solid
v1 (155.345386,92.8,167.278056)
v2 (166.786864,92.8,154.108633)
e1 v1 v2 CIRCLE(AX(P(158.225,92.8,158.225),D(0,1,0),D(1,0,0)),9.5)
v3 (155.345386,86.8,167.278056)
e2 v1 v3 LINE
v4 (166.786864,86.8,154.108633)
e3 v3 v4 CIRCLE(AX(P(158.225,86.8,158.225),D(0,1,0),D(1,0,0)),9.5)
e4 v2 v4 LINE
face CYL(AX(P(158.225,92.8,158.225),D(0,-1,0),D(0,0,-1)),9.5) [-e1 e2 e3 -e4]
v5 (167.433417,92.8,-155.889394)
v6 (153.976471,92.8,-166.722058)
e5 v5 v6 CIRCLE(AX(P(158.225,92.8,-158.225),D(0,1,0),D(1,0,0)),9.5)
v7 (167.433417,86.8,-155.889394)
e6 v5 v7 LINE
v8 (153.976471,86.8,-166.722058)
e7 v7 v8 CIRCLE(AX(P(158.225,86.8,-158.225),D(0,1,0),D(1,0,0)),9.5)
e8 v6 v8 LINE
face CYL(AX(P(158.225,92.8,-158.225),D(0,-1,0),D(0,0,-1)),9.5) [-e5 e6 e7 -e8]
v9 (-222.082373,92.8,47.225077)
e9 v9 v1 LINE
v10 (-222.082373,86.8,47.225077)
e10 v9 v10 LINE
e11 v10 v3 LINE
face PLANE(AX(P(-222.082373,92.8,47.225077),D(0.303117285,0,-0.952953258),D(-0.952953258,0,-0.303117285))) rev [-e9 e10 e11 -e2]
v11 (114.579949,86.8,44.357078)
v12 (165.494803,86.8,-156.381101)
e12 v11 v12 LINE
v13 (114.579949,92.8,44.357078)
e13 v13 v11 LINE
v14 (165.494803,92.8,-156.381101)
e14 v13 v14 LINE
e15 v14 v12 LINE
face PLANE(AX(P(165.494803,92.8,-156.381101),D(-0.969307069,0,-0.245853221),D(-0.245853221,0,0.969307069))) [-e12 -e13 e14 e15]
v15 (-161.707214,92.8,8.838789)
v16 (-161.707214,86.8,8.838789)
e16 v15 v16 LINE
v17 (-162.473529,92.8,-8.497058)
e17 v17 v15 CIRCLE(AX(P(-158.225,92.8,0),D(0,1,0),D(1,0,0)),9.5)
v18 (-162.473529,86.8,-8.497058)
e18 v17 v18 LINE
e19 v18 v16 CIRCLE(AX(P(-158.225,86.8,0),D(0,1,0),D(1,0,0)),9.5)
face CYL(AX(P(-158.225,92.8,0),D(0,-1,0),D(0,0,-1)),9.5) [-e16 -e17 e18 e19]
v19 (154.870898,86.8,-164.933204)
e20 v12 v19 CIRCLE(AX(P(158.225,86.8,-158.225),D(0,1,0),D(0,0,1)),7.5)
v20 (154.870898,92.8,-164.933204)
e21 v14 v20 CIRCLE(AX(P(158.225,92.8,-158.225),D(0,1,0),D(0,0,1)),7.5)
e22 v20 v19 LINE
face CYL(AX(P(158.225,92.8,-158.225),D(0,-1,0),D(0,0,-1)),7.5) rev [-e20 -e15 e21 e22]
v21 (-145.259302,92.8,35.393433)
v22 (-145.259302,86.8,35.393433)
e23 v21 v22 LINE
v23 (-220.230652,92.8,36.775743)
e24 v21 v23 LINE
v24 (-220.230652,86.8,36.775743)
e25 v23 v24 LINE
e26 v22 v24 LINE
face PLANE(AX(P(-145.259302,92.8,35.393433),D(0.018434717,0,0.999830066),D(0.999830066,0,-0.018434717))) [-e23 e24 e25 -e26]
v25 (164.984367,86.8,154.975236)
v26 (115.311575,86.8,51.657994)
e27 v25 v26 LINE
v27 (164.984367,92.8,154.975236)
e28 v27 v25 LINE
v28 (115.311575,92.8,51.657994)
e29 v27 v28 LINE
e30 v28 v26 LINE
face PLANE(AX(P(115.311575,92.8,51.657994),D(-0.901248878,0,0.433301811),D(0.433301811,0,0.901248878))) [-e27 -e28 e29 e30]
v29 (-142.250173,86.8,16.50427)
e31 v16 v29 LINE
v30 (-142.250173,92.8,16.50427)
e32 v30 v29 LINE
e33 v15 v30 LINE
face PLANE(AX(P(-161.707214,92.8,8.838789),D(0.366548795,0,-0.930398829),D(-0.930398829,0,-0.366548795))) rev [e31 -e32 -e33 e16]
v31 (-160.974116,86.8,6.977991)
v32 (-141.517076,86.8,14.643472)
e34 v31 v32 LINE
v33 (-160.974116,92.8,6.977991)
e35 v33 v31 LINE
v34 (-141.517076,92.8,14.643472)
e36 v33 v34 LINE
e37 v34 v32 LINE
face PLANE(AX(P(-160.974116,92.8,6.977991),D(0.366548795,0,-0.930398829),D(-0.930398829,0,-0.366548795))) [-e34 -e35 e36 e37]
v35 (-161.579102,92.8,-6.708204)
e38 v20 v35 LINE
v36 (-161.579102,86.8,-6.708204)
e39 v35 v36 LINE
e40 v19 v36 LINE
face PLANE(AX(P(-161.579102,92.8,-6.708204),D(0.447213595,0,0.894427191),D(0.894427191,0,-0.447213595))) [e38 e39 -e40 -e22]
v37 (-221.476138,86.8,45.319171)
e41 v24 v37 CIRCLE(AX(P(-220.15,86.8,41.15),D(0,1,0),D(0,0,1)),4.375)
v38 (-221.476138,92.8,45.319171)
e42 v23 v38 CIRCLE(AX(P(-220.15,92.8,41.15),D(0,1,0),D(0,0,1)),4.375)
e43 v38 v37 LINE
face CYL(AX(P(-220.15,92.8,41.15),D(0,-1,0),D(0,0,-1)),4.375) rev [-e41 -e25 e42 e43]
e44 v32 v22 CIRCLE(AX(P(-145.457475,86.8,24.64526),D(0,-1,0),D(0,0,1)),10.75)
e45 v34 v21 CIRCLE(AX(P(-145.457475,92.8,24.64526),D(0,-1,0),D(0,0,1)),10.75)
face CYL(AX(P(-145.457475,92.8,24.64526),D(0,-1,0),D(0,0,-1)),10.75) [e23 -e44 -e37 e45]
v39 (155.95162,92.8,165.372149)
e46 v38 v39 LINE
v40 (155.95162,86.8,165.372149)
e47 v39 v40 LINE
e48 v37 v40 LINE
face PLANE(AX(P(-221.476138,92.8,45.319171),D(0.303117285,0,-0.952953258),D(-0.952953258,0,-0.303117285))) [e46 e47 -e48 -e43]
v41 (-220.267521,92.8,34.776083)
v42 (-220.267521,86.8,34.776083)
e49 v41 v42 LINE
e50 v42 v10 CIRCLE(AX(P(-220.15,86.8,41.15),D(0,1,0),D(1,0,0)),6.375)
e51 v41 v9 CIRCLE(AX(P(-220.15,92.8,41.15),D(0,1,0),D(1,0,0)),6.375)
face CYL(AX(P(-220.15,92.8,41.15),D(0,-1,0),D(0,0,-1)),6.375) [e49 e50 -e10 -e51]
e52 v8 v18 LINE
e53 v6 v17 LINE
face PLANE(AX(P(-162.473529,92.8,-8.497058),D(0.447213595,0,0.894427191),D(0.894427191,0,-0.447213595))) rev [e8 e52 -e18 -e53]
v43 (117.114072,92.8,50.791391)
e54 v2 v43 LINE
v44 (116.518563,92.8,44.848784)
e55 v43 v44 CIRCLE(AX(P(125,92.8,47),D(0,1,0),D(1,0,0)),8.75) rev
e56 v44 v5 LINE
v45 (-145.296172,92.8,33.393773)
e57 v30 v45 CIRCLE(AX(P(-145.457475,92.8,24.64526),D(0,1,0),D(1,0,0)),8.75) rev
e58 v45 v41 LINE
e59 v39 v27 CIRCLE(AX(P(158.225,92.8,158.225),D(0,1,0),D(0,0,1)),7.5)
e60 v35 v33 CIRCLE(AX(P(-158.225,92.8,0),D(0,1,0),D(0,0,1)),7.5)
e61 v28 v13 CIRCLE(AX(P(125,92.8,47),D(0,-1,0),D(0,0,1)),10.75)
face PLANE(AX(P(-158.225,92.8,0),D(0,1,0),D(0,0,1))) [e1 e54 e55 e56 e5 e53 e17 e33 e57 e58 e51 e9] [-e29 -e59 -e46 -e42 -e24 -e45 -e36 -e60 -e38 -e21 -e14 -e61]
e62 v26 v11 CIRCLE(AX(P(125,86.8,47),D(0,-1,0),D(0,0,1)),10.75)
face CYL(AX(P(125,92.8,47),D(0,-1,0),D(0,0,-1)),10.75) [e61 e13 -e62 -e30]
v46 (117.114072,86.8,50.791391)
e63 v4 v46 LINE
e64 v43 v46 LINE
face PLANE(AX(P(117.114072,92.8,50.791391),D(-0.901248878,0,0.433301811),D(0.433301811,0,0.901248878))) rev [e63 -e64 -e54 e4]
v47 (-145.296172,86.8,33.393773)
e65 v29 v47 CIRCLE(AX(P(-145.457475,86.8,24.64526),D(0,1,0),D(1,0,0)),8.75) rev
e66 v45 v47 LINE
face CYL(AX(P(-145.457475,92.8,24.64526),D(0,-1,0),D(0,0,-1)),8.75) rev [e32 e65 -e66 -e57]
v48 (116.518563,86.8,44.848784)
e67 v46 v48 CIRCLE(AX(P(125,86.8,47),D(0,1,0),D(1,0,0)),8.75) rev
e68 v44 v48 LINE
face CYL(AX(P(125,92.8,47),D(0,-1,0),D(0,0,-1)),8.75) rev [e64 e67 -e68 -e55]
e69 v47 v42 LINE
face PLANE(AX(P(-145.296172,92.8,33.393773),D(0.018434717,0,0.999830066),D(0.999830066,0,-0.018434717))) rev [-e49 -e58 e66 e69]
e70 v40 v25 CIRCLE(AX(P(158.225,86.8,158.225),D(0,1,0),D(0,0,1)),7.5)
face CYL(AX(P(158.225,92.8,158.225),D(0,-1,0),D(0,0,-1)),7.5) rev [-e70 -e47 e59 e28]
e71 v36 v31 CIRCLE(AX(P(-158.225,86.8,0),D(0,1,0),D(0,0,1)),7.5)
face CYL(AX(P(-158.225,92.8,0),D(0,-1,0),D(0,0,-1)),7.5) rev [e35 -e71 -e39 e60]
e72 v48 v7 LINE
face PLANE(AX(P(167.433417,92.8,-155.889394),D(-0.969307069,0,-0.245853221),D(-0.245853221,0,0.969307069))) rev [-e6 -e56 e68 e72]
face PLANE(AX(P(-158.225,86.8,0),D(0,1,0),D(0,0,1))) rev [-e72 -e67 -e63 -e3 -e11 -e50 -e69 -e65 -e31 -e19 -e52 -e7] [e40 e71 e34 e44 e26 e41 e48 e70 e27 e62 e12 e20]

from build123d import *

# Parameters (mm, degrees)
EXTRUDE_THIN1_DEPTH = 6


with BuildPart() as part:
    # Sketch1 → Extrude-Thin1 (new body)
    with BuildSketch(Plane(origin=(0, 86.8, 0), x_dir=(1, 0, 0), z_dir=(0, 1, 0))):
        with BuildLine():
            Line((153.976470843, 166.722058314), (-162.473529157, 8.497058315))
            ThreePointArc((-162.473529157, 8.497058314), (-167.715732066, -0.419529316), (-161.707213549, -8.838788876))
            Line((-161.707213549, -8.838788876), (-142.250173329, -16.504269977))
            ThreePointArc((-142.250173329, -16.504269977), (-136.846395058, -26.198255989), (-145.296171508, -33.393772811))
            Line((-145.296171508, -33.393772811), (-220.267521321, -34.776083328))
            ThreePointArc((-220.267521321, -34.776083328), (-226.458318107, -40.230354602), (-222.082372691, -47.225077019))
            Line((-222.082372691, -47.225077019), (155.345385794, -167.278055949))
            ThreePointArc((155.345385794, -167.278055949), (165.396500417, -164.455536235), (166.786864342, -154.108632792))
            Line((166.786864342, -154.108632792), (117.114072317, -50.79139085))
            ThreePointArc((117.114072317, -50.79139085), (116.29360588, -47.872468586), (116.518563148, -44.848784313))
            Line((116.518563148, -44.848784313), (167.433417153, 155.889394397))
            ThreePointArc((167.433417153, 155.889394397), (164.182077649, 165.625217962), (153.976470843, 166.722058314))
        make_face()
        with BuildLine():
            Line((154.870898034, 164.933203932), (-161.579101966, 6.708203933))
            ThreePointArc((-161.579101966, 6.708203933), (-165.71768321, -0.331207355), (-160.97411596, -6.977991218))
            Line((-160.97411596, -6.977991218), (-141.517075739, -14.643472319))
            ThreePointArc((-141.517075739, -14.643472319), (-134.87814815, -26.553226562), (-145.259302074, -35.393432943))
            Line((-145.259302074, -35.393432943), (-220.230651887, -36.775743461))
            ThreePointArc((-220.230651887, -36.775743461), (-224.479237917, -40.518870805), (-221.476138121, -45.319170503))
            Line((-221.476138121, -45.319170503), (155.951620364, -165.372149434))
            ThreePointArc((155.951620364, -165.372149434), (163.886710855, -163.143844396), (164.984366586, -154.975236414))
            Line((164.984366586, -154.975236414), (115.311574561, -51.657994473))
            ThreePointArc((115.311574561, -51.657994473), (114.303572939, -48.071889977), (114.579949011, -44.35707787))
            Line((114.579949011, -44.35707787), (165.494803016, 156.38110084))
            ThreePointArc((165.494803016, 156.38110084), (162.927956039, 164.067277338), (154.870898034, 164.933203932))
        make_face(mode=Mode.SUBTRACT)
    extrude(amount=EXTRUDE_THIN1_DEPTH)


solid = part.part
